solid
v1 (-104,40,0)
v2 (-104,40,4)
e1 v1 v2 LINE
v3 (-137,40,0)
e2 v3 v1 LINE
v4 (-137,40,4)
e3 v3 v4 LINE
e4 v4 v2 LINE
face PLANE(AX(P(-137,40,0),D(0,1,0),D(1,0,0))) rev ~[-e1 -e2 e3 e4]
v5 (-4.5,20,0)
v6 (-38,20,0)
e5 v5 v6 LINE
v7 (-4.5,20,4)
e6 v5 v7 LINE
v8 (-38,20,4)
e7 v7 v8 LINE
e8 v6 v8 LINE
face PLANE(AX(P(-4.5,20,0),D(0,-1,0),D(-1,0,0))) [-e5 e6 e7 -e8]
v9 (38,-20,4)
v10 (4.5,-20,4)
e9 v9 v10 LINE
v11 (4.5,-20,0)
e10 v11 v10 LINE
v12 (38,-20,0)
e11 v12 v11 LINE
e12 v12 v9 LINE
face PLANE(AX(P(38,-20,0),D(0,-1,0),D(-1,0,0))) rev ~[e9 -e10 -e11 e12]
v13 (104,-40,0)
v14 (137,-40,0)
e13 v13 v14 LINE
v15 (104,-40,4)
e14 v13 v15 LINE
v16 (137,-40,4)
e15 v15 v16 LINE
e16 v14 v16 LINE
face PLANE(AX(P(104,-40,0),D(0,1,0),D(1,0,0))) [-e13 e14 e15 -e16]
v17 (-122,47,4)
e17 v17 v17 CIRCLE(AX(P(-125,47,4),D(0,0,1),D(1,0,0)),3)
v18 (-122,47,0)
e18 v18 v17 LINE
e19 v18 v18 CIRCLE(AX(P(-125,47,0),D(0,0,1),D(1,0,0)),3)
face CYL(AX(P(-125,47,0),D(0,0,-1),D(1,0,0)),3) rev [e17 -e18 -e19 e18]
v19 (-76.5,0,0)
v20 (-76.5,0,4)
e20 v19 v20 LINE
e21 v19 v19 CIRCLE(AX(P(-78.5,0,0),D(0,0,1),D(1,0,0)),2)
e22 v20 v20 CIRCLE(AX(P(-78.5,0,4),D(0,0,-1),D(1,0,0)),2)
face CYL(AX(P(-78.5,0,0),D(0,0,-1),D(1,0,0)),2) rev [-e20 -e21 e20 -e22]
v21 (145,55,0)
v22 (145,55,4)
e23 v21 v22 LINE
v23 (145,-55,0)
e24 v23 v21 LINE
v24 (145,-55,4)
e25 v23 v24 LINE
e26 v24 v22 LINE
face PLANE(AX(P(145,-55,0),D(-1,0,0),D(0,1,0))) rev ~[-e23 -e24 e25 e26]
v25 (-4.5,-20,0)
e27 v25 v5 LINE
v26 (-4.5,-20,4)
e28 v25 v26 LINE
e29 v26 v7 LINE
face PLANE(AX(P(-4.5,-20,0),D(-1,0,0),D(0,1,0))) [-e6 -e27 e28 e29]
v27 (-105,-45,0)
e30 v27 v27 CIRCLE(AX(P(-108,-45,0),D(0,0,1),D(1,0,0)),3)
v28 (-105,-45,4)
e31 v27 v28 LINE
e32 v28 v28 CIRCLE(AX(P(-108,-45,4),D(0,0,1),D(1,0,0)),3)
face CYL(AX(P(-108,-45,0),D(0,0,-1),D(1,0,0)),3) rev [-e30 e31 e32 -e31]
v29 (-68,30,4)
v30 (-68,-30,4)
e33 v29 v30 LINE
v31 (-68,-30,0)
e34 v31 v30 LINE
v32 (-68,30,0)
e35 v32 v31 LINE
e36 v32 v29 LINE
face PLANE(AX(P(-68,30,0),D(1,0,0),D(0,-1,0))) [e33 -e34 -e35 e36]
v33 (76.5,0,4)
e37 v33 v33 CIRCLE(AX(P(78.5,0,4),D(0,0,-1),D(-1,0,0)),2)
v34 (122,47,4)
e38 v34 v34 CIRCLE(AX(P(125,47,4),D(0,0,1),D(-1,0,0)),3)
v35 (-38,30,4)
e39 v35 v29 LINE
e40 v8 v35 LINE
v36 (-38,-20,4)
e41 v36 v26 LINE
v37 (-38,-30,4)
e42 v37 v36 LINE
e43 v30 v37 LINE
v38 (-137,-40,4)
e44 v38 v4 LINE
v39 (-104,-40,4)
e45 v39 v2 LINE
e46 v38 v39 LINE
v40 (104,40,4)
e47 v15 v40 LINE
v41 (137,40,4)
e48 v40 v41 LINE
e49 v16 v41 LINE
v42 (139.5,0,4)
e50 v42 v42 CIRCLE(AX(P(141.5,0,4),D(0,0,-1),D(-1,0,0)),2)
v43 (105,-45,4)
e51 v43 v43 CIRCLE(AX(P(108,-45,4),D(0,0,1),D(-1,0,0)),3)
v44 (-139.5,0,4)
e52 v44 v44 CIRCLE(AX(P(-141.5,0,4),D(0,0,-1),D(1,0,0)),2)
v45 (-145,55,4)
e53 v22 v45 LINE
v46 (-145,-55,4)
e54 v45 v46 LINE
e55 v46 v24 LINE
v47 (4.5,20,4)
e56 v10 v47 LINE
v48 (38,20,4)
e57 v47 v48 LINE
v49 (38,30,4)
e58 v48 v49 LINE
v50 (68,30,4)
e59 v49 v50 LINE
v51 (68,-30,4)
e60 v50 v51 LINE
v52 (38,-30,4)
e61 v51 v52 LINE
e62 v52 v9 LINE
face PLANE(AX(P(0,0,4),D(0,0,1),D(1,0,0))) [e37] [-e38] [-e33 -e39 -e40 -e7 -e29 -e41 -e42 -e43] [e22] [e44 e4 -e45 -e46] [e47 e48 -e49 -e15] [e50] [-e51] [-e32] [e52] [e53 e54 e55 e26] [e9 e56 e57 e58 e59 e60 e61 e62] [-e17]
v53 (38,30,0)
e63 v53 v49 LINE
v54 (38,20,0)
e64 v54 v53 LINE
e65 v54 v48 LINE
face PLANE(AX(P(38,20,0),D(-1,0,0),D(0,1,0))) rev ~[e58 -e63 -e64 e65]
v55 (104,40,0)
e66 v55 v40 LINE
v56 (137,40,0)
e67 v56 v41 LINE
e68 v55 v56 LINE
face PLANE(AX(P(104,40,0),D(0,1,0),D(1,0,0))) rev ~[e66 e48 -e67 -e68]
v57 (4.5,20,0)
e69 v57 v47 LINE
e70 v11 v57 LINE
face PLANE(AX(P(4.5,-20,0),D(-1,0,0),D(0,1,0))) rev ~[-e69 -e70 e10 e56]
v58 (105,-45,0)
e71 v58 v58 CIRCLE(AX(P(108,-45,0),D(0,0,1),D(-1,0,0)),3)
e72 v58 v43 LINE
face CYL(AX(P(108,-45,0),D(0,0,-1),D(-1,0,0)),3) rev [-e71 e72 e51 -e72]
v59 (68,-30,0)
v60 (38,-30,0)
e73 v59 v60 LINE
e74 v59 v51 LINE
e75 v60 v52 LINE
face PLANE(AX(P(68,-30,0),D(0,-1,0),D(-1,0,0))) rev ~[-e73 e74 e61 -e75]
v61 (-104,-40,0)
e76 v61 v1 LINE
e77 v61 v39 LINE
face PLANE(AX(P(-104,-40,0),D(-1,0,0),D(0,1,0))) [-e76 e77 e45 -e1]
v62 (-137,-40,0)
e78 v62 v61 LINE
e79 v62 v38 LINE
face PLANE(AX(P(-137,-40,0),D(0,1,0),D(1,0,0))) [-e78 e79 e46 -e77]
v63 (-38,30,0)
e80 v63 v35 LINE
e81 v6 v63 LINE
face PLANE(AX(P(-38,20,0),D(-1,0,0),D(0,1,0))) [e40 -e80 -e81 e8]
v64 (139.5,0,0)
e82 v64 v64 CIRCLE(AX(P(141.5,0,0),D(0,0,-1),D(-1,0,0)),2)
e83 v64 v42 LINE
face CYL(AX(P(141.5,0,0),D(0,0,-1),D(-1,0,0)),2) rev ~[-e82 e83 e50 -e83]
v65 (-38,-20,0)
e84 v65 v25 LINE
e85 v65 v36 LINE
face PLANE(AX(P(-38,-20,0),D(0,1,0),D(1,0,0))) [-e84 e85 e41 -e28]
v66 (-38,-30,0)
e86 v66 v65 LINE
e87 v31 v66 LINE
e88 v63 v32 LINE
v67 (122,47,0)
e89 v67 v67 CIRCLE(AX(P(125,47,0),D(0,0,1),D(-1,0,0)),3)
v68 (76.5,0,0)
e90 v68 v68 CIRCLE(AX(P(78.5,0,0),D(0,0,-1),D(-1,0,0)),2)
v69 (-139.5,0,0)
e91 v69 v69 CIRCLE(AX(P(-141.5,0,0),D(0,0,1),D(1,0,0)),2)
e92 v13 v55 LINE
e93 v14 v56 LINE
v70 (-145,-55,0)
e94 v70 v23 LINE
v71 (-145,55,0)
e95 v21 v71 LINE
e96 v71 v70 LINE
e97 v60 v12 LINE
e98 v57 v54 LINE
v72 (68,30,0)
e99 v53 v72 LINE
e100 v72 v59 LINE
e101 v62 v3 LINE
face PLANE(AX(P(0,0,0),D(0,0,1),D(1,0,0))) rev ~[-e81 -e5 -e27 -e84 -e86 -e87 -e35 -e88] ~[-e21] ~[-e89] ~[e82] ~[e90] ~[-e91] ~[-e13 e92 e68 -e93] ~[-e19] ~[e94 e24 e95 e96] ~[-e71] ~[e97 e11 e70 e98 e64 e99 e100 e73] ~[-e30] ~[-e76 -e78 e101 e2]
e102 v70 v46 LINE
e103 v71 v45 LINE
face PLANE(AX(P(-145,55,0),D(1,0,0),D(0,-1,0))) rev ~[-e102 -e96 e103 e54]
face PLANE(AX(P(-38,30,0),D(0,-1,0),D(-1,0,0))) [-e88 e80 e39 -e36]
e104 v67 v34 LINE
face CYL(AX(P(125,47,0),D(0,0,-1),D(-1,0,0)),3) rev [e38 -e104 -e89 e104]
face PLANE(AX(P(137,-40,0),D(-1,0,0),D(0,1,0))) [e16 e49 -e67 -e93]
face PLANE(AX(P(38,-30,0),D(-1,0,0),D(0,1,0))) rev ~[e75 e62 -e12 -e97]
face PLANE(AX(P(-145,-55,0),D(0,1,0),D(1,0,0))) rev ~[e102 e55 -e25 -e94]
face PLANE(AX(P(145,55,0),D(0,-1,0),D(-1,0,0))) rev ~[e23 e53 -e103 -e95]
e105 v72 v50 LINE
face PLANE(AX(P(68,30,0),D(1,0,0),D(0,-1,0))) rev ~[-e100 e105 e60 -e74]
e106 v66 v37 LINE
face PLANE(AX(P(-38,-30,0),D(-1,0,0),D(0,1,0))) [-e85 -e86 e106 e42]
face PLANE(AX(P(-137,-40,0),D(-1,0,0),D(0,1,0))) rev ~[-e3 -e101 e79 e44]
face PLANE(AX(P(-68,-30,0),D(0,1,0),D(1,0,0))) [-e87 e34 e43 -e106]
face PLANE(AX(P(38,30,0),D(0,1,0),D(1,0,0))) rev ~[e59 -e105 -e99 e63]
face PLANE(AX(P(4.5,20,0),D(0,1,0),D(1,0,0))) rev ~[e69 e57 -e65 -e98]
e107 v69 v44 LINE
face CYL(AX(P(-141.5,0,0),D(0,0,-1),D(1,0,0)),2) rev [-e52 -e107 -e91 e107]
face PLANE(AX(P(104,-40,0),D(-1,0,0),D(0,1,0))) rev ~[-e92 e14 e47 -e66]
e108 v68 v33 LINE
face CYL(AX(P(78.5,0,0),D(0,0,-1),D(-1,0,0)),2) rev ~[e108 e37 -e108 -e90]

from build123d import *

# Parameters (mm, degrees)
SKETCH1_R           = 3
SKETCH1_W           = 33
SKETCH1_H           = 80
BOSS_EXTRUDE1_DEPTH = 4
SKETCH4_R           = 2
CUT_EXTRUDE2_DEPTH  = 10
SKETCH5_R           = 2
CUT_EXTRUDE3_DEPTH  = 10


with BuildPart() as part:
    # Sketch1 → Boss-Extrude1 (new body)
    with BuildSketch(Plane.XY):
        Polygon((-145, -20.635083269), (-145, -55), (145, -55), (145, -20.635083269), (145, 40), (145, 55), (-145, 55), (-145, 40), align=None)
        with Locations((-108, -45)):
            Circle(SKETCH1_R, mode=Mode.SUBTRACT)
        with Locations((-125, 47)):
            Circle(SKETCH1_R, mode=Mode.SUBTRACT)
        with Locations(Location((125, 47, 0), (0, 0, 180))):
            Circle(SKETCH1_R, mode=Mode.SUBTRACT)
        with Locations(Location((108, -45, 0), (0, 0, 180))):
            Circle(SKETCH1_R, mode=Mode.SUBTRACT)
        with Locations((-120.5, 0)):
            Rectangle(SKETCH1_W, SKETCH1_H, mode=Mode.SUBTRACT)
        Polygon((-68, -30), (-38, -30), (-38, -20), (-4.5, -20), (-4.5, 20), (-38, 20), (-38, 30), (-68, 30), align=None, mode=Mode.SUBTRACT)
        Polygon((38, 20), (38, 30), (68, 30), (68, -30), (38, -30), (38, -20), (4.5, -20), (4.5, 20), align=None, mode=Mode.SUBTRACT)
        with Locations((120.5, 0)):
            Rectangle(SKETCH1_W, SKETCH1_H, mode=Mode.SUBTRACT)
    extrude(amount=BOSS_EXTRUDE1_DEPTH)

    # Sketch4 → Cut-Extrude2 (cut)
    with BuildSketch(Plane(origin=(0, 0, 0), x_dir=(-1, 0, 0), z_dir=(0, 0, -1))):
        with Locations((-141.5, 0)):
            Circle(SKETCH4_R)
    cut_extrude2 = extrude(amount=-CUT_EXTRUDE2_DEPTH, mode=Mode.SUBTRACT)

    # Sketch5 → Cut-Extrude3 (cut)
    with BuildSketch(Plane(origin=(0, 0, 0), x_dir=(-1, 0, 0), z_dir=(0, 0, -1))):
        with Locations((-78.5, 0)):
            Circle(SKETCH5_R)
    cut_extrude3 = extrude(amount=-CUT_EXTRUDE3_DEPTH, mode=Mode.SUBTRACT)

    # Mirror1: Cut-Extrude2, Cut-Extrude3 across plane
    add(cut_extrude2.mirror(Plane.ZY), mode=Mode.SUBTRACT)
    add(cut_extrude3.mirror(Plane.ZY), mode=Mode.SUBTRACT)


solid = part.part
